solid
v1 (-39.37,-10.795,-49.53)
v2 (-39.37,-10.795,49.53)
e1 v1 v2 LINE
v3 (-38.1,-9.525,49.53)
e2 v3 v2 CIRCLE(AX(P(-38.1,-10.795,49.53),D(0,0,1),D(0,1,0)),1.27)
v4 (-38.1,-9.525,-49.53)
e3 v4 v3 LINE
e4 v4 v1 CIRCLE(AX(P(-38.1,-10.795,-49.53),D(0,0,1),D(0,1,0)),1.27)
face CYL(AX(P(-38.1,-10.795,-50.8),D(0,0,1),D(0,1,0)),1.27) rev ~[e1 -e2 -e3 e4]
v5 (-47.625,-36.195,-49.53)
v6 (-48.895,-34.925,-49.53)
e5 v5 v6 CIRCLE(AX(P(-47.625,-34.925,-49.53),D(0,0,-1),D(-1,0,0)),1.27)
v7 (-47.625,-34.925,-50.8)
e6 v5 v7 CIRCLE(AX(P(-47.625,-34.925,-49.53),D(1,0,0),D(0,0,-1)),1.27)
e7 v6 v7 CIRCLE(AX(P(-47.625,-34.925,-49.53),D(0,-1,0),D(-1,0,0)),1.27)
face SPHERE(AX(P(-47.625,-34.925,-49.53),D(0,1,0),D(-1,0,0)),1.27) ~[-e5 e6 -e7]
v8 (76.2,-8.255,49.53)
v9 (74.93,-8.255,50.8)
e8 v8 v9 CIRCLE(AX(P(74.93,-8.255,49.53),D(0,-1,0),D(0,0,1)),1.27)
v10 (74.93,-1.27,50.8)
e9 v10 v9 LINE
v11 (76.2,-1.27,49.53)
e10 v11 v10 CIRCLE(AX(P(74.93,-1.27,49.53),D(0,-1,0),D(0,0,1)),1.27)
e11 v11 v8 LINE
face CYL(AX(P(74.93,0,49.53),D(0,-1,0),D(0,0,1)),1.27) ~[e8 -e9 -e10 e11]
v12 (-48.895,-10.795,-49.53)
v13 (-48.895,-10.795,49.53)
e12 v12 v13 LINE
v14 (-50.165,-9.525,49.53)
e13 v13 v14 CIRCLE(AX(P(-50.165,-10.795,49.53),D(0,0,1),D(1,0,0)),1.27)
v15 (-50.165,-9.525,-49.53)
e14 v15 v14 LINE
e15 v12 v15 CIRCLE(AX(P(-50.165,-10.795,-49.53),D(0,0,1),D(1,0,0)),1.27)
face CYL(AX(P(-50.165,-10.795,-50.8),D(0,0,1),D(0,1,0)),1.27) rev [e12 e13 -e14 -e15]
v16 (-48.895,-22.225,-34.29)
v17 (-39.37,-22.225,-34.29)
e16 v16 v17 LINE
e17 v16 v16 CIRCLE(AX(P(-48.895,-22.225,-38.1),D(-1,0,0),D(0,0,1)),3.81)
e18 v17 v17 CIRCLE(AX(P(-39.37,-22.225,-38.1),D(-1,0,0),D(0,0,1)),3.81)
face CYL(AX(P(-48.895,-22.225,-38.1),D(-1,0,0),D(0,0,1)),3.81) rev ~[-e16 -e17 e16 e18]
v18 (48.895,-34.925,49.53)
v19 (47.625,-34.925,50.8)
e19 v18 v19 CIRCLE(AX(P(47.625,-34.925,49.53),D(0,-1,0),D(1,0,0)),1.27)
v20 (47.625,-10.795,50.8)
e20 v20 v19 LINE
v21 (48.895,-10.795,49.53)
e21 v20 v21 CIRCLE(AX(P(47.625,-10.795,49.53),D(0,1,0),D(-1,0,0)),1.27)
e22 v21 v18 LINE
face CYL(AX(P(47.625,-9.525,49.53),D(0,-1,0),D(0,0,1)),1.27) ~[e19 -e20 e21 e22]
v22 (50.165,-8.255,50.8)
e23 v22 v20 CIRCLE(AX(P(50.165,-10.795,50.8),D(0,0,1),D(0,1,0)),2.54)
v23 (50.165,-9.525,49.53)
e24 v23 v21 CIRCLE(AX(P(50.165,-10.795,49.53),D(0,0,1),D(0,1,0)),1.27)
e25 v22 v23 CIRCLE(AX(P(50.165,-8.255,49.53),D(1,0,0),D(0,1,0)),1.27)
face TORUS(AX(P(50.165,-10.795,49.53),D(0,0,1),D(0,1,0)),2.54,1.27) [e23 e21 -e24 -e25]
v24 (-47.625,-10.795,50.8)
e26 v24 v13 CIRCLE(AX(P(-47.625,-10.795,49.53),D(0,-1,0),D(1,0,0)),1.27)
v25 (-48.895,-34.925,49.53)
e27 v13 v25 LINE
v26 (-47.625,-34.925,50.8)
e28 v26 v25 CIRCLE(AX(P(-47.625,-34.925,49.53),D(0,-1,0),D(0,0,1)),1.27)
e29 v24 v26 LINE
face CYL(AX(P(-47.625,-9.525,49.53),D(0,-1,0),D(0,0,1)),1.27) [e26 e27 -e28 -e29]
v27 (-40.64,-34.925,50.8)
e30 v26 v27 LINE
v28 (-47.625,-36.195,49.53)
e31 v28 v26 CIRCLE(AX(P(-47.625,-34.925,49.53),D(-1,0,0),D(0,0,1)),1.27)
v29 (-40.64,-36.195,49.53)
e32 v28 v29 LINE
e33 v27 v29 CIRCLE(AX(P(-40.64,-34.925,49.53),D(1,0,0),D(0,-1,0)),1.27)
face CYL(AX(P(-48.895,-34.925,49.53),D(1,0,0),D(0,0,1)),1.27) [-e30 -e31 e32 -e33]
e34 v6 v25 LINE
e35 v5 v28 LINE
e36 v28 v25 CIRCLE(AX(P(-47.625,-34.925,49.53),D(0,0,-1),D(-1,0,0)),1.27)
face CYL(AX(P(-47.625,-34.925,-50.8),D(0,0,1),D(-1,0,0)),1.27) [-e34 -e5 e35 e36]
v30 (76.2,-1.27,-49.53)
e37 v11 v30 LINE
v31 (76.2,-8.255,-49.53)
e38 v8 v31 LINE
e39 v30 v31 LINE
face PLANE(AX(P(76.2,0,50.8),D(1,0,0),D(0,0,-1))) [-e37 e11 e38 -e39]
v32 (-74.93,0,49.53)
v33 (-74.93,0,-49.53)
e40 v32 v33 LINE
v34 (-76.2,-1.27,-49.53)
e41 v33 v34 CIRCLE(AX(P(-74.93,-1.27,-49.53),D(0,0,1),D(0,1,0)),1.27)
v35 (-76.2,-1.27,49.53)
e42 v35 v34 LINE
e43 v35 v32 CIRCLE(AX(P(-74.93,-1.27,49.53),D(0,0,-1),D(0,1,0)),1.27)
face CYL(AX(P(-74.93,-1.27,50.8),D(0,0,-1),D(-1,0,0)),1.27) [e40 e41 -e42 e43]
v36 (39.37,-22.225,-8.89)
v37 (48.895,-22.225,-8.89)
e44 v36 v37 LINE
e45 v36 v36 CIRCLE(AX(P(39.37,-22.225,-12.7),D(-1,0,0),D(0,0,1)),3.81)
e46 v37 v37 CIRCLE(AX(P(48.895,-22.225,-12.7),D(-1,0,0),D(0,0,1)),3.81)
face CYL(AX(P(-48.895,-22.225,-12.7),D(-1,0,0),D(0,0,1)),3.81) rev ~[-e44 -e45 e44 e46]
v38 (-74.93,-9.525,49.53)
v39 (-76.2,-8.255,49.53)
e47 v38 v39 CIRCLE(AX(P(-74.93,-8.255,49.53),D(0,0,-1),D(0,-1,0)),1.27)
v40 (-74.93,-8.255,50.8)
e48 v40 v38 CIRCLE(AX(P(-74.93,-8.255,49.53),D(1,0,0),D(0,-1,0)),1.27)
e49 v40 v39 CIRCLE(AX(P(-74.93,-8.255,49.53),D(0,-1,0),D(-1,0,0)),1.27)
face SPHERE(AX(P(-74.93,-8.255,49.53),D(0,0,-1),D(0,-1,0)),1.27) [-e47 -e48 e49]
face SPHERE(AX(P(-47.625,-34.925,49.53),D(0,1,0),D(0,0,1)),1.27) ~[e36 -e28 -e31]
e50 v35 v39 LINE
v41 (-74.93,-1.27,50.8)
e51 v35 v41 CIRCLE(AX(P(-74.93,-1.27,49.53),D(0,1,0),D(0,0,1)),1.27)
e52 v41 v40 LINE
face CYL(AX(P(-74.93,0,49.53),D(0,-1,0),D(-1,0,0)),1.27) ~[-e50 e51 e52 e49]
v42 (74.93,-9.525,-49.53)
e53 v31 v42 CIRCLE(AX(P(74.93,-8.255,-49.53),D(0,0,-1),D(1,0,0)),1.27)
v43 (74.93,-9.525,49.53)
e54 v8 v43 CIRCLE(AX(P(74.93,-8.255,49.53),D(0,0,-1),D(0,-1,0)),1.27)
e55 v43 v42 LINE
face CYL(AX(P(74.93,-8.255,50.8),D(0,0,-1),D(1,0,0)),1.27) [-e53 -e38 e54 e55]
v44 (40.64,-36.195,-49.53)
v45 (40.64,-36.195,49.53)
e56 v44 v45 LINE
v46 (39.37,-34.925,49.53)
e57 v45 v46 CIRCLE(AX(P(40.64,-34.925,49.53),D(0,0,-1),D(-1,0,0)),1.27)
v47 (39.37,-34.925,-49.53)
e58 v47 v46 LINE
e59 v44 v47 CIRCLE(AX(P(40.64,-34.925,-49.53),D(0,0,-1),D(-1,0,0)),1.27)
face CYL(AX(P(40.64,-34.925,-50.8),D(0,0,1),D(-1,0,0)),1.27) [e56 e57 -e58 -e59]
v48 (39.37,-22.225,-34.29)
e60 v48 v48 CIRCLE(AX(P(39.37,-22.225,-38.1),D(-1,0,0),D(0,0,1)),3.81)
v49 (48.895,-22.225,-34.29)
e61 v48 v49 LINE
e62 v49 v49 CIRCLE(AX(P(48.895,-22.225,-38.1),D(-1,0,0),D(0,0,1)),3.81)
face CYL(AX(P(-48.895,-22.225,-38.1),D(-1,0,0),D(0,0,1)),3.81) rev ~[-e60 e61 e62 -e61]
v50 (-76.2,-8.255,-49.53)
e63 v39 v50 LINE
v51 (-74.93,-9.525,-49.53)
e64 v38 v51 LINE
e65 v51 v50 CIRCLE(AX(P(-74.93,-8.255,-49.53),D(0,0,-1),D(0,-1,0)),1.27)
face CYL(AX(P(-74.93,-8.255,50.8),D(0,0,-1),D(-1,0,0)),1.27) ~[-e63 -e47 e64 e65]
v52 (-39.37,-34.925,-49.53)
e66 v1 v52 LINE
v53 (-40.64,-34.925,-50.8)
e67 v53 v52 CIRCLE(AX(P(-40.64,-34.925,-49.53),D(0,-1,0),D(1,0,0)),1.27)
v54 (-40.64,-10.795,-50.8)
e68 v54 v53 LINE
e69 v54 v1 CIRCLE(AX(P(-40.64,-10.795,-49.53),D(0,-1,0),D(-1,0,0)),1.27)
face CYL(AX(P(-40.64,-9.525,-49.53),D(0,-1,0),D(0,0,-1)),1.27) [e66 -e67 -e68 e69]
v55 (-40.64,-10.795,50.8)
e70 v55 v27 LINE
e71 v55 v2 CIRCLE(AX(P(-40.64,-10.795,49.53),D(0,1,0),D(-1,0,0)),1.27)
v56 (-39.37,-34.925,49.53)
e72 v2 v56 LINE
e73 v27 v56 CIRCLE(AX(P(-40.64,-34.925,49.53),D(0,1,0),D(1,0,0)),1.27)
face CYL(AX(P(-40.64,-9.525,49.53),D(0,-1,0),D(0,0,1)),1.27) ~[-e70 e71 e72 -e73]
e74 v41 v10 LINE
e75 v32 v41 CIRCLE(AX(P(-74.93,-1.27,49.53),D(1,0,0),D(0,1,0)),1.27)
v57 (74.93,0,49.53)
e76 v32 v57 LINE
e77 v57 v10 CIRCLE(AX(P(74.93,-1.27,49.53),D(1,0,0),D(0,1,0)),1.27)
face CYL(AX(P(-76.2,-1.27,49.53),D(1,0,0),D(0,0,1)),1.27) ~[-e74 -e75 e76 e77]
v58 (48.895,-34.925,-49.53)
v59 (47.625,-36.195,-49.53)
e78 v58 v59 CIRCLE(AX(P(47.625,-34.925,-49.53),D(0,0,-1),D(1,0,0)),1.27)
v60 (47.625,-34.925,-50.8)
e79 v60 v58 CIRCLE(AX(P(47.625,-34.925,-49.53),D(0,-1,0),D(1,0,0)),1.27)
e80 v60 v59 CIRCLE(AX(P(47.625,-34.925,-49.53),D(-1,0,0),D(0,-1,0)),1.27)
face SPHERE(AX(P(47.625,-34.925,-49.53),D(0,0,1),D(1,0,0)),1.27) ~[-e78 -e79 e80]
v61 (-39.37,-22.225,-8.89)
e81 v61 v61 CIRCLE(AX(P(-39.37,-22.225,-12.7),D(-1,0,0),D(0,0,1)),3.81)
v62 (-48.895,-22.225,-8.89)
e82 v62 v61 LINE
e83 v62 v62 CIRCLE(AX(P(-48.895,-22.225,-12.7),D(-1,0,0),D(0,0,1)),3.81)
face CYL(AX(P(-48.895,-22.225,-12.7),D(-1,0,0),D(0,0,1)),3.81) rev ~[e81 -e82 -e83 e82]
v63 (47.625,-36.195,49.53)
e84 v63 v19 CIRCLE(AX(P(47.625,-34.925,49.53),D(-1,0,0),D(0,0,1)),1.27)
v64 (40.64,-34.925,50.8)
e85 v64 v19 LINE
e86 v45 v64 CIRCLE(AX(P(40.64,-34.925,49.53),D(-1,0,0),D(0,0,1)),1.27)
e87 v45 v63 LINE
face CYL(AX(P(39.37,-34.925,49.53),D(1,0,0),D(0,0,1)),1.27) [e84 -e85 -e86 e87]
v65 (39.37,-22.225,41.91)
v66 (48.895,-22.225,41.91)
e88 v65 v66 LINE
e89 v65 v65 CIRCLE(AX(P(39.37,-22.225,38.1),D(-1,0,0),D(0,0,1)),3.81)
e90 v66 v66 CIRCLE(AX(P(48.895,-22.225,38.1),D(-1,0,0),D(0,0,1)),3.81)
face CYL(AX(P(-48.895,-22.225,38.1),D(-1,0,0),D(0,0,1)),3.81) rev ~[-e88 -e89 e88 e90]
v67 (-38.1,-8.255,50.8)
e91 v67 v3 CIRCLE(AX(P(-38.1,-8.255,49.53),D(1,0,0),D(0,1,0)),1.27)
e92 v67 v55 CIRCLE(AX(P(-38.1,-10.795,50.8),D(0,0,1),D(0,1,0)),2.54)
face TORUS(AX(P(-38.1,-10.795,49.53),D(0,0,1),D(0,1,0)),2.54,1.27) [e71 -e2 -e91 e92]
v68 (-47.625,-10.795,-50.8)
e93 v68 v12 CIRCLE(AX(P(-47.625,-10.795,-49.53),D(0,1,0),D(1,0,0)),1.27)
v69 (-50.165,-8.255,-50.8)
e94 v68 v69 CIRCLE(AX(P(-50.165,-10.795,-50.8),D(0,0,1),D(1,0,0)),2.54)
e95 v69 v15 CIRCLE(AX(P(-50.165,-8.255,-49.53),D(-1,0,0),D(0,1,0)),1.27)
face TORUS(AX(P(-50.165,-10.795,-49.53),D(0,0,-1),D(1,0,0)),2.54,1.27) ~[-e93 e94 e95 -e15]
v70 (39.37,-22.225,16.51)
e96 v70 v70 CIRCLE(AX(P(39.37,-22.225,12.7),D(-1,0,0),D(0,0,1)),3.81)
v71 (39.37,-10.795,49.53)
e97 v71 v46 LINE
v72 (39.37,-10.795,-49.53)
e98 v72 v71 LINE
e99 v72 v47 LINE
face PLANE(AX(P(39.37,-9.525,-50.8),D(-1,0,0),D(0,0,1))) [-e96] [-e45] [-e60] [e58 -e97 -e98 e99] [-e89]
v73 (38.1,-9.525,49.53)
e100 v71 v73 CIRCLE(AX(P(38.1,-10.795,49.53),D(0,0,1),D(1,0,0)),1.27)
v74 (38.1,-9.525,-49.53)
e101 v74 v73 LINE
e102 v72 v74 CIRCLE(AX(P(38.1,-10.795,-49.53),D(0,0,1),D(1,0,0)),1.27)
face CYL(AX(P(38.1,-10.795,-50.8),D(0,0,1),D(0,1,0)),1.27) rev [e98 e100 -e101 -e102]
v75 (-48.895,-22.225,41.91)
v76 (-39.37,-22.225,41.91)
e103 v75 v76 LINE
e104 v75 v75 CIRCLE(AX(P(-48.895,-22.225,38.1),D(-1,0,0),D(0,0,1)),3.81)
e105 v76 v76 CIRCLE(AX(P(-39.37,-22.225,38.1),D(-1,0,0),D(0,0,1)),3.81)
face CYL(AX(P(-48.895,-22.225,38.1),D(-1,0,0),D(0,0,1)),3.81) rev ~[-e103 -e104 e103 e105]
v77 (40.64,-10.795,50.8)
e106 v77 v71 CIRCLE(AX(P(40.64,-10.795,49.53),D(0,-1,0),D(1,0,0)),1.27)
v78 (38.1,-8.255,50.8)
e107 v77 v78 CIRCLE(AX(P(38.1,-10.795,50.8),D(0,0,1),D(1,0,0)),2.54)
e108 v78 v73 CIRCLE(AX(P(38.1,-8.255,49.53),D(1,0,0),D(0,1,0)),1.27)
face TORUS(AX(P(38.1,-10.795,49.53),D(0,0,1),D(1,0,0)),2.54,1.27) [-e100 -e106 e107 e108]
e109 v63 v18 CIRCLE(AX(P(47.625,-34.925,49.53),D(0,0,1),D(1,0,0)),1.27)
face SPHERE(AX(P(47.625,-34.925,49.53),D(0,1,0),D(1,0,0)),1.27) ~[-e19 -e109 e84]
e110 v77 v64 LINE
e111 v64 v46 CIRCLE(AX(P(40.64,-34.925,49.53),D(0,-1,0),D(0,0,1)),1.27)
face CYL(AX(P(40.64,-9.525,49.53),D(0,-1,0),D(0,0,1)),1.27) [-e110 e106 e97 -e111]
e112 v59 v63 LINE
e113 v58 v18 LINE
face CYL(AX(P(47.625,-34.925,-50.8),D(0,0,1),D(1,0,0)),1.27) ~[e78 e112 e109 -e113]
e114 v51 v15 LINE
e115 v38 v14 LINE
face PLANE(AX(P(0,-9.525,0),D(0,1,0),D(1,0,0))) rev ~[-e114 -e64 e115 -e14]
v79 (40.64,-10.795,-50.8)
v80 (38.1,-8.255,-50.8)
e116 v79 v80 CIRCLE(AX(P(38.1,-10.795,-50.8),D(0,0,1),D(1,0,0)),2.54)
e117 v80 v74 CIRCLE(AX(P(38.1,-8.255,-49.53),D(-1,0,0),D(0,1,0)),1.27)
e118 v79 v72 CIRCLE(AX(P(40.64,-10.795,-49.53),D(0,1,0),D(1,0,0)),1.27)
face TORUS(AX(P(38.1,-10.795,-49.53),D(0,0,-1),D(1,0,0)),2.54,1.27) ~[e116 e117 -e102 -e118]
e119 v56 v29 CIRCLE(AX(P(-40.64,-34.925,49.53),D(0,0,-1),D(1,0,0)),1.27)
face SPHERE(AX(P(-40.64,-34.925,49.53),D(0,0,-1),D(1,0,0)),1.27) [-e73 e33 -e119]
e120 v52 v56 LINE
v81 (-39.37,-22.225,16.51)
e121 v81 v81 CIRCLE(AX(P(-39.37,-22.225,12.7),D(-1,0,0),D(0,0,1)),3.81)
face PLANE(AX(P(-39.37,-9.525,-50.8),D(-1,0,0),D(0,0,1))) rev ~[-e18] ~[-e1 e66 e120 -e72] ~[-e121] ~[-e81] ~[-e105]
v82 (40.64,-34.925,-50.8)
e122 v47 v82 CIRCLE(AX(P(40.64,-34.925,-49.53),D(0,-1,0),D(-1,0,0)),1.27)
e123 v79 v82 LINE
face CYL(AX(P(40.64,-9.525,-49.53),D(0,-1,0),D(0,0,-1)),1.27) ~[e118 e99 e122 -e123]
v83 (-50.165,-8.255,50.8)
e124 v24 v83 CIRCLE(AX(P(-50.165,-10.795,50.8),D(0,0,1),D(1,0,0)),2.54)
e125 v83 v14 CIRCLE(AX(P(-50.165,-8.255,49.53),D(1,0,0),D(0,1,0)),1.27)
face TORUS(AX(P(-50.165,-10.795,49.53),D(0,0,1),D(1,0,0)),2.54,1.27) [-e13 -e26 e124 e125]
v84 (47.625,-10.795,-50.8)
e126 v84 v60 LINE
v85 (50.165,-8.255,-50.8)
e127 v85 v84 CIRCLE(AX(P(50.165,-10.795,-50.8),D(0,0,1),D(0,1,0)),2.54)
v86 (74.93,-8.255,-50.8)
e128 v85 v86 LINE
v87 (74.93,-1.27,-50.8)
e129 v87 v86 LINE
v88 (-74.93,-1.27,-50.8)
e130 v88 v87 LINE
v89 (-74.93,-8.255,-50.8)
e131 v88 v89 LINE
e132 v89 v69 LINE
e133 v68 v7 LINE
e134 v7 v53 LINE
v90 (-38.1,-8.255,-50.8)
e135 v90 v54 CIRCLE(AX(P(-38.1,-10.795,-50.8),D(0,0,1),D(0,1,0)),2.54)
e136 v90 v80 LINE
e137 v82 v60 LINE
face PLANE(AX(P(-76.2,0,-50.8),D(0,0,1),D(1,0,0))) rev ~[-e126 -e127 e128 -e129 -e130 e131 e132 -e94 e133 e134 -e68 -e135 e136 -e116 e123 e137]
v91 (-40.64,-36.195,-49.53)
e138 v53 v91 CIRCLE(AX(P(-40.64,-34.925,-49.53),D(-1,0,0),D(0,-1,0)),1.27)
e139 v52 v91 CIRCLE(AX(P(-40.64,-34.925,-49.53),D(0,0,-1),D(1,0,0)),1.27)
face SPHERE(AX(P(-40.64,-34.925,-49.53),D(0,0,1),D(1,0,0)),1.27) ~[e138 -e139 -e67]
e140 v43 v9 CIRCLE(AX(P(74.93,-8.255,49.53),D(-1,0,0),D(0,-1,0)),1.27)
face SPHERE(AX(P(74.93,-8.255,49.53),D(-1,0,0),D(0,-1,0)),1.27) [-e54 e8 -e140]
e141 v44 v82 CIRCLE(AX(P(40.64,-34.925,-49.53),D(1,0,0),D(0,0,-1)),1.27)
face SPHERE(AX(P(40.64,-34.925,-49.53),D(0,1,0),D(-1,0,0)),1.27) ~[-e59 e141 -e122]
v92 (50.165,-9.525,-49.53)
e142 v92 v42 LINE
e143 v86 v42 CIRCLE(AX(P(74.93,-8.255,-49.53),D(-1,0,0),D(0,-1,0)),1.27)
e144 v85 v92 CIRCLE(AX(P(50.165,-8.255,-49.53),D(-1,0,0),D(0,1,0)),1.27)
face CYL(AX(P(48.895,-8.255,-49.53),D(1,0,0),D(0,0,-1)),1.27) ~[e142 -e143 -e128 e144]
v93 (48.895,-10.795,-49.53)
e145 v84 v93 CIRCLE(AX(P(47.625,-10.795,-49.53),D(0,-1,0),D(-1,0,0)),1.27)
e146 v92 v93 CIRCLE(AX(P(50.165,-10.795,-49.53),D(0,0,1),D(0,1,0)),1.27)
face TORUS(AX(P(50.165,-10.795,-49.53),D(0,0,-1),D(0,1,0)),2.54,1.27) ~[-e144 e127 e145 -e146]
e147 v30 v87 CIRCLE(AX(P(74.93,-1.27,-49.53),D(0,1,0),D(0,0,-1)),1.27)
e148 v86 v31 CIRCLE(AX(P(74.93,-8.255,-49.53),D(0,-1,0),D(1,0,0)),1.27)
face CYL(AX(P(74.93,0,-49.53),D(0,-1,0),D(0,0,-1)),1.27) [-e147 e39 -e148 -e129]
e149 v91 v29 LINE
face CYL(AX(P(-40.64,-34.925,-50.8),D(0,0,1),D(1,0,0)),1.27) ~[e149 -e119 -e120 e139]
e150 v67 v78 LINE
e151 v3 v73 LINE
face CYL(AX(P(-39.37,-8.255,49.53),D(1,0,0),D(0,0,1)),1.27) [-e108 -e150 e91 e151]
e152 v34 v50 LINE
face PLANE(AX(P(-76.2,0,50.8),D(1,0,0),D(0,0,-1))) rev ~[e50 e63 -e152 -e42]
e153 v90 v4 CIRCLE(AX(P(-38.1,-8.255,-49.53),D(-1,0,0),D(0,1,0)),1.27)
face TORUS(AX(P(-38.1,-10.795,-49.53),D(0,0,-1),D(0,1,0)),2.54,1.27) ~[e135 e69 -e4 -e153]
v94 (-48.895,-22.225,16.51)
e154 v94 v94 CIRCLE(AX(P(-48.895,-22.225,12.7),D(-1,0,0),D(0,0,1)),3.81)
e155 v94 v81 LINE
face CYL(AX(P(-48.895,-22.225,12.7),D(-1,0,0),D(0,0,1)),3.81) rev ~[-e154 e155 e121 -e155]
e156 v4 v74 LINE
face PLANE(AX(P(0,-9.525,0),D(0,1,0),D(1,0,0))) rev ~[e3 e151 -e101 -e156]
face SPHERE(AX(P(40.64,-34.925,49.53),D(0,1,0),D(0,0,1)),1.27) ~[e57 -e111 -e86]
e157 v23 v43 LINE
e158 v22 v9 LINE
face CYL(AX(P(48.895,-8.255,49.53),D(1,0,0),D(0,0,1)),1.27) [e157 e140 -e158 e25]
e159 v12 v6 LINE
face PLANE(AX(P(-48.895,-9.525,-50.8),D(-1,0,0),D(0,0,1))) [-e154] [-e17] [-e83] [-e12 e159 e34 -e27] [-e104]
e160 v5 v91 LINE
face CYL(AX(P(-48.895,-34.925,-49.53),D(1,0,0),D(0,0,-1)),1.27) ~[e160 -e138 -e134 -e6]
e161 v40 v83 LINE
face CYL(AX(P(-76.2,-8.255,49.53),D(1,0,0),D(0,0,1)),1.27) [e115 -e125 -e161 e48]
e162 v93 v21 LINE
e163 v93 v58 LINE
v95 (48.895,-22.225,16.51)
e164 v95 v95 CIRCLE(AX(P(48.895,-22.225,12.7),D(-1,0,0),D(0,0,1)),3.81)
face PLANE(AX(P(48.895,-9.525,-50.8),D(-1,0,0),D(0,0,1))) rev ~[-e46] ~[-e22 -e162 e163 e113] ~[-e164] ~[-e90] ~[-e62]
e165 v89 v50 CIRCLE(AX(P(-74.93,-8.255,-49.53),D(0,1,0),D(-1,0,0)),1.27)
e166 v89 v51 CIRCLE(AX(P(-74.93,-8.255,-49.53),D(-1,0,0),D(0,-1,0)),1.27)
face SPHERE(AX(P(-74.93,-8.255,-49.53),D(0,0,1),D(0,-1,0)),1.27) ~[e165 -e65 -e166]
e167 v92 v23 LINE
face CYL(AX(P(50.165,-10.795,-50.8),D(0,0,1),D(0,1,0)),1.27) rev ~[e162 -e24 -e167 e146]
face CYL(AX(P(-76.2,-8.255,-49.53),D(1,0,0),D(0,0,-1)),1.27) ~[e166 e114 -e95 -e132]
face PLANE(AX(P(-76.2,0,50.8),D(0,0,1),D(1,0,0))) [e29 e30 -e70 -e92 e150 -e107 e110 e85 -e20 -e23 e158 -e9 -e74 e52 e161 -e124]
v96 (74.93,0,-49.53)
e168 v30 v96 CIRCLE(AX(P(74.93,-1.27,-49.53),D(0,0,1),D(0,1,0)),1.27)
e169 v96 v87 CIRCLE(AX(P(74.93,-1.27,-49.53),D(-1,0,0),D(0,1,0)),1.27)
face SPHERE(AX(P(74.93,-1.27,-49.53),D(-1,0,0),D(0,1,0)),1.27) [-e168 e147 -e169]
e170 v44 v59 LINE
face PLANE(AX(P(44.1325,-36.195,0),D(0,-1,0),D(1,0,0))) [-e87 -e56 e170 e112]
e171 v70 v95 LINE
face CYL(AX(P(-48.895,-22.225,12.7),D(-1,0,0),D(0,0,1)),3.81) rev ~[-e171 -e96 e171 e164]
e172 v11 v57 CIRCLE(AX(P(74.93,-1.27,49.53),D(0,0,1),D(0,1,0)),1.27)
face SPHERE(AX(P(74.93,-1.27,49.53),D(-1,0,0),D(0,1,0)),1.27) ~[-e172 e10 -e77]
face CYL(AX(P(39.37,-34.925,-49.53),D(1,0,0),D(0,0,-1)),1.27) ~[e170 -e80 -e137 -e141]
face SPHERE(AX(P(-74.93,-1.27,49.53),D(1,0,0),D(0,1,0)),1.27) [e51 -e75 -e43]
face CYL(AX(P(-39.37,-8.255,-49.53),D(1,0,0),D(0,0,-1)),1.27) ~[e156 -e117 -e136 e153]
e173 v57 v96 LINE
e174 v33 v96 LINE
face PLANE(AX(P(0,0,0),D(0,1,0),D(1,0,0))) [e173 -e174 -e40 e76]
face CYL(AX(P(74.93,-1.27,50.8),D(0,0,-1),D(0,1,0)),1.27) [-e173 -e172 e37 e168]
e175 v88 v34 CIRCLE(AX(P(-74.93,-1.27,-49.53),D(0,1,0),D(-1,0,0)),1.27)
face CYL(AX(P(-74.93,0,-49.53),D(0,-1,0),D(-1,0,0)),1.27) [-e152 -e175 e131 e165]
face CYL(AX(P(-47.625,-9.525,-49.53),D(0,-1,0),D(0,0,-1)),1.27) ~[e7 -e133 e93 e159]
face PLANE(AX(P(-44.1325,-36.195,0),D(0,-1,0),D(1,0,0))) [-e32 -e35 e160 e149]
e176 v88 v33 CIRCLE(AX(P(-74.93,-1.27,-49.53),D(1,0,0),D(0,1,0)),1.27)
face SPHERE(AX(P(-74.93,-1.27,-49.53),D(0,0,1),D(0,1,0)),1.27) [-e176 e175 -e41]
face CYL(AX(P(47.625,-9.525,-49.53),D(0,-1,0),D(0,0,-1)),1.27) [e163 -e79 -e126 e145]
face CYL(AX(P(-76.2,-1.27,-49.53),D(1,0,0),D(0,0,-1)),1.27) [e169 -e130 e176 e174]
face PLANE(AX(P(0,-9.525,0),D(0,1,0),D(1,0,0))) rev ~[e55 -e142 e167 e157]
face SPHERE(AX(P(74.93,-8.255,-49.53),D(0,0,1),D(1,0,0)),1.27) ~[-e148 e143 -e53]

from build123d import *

# Parameters (mm, degrees)
SKETCH1_W           = 152.4
SKETCH1_H           = 101.6
BOSS_EXTRUDE1_DEPTH = 9.525
SKETCH2_W           = 9.525
SKETCH2_H           = 101.6
BOSS_EXTRUDE2_DEPTH = 26.67
FILLET1_R           = 1.27
SKETCH3_R           = 3.81
CUT_EXTRUDE1_DEPTH  = 126.095


with BuildPart() as part:
    # Sketch1 → Boss-Extrude1 (new body)
    with BuildSketch(Plane(origin=(0, 0, 0), x_dir=(1, 0, 0), z_dir=(0, 1, 0))):
        Rectangle(SKETCH1_W, SKETCH1_H)
    extrude(amount=-BOSS_EXTRUDE1_DEPTH)

    # Sketch2 → Boss-Extrude2 (add)
    with BuildSketch(Plane.XZ.offset(9.525)):
        with Locations((-44.1325, 0)):
            Rectangle(SKETCH2_W, SKETCH2_H)
        with Locations((44.1325, 0)):
            Rectangle(SKETCH2_W, SKETCH2_H)
    extrude(amount=BOSS_EXTRUDE2_DEPTH)

    # Fillet1
    fillet1_edges = [part.edges().sort_by_distance(p)[0] for p in [
        (-76.2, -9.525, 0),
        (0, -9.525, 50.8),
        (-62.5475, -9.525, -50.8),
        (-39.37, -36.195, 0),
        (-39.37, -22.86, -50.8),
        (-62.5475, -9.525, 50.8),
        (-39.37, -22.86, 50.8),
        (-48.895, -9.525, 0),
        (-48.895, -22.86, 50.8),
        (-48.895, -22.86, -50.8),
        (-44.1325, -36.195, 50.8),
        (-48.895, -36.195, 0),
        (-44.1325, -36.195, -50.8),
        (-39.37, -9.525, 0),
        (62.5475, -9.525, 50.8),
        (0, -9.525, -50.8),
        (48.895, -22.86, 50.8),
        (39.37, -9.525, 0),
        (39.37, -22.86, 50.8),
        (39.37, -22.86, -50.8),
        (48.895, -36.195, 0),
        (48.895, -22.86, -50.8),
        (44.1325, -36.195, 50.8),
        (39.37, -36.195, 0),
        (44.1325, -36.195, -50.8),
        (48.895, -9.525, 0),
        (76.2, -9.525, 0),
        (0, 0, 50.8),
        (-76.2, 0, 0),
        (0, 0, -50.8),
        (76.2, 0, 0),
        (76.2, -4.7625, 50.8),
        (-76.2, -4.7625, 50.8),
        (-76.2, -4.7625, -50.8),
        (76.2, -4.7625, -50.8),
        (62.5475, -9.525, -50.8),
    ]]
    fillet(fillet1_edges, radius=FILLET1_R)

    # Sketch3 → Cut-Extrude1 (cut, through all)
    with BuildSketch(Plane.ZY.offset(48.895)):
        with Locations((12.7, -22.225)):
            Circle(SKETCH3_R)
        with Locations((38.1, -22.225)):
            Circle(SKETCH3_R)
        with Locations((-38.1, -22.225)):
            Circle(SKETCH3_R)
        with Locations((-12.7, -22.225)):
            Circle(SKETCH3_R)
    extrude(amount=-CUT_EXTRUDE1_DEPTH, mode=Mode.SUBTRACT)


solid = part.part
